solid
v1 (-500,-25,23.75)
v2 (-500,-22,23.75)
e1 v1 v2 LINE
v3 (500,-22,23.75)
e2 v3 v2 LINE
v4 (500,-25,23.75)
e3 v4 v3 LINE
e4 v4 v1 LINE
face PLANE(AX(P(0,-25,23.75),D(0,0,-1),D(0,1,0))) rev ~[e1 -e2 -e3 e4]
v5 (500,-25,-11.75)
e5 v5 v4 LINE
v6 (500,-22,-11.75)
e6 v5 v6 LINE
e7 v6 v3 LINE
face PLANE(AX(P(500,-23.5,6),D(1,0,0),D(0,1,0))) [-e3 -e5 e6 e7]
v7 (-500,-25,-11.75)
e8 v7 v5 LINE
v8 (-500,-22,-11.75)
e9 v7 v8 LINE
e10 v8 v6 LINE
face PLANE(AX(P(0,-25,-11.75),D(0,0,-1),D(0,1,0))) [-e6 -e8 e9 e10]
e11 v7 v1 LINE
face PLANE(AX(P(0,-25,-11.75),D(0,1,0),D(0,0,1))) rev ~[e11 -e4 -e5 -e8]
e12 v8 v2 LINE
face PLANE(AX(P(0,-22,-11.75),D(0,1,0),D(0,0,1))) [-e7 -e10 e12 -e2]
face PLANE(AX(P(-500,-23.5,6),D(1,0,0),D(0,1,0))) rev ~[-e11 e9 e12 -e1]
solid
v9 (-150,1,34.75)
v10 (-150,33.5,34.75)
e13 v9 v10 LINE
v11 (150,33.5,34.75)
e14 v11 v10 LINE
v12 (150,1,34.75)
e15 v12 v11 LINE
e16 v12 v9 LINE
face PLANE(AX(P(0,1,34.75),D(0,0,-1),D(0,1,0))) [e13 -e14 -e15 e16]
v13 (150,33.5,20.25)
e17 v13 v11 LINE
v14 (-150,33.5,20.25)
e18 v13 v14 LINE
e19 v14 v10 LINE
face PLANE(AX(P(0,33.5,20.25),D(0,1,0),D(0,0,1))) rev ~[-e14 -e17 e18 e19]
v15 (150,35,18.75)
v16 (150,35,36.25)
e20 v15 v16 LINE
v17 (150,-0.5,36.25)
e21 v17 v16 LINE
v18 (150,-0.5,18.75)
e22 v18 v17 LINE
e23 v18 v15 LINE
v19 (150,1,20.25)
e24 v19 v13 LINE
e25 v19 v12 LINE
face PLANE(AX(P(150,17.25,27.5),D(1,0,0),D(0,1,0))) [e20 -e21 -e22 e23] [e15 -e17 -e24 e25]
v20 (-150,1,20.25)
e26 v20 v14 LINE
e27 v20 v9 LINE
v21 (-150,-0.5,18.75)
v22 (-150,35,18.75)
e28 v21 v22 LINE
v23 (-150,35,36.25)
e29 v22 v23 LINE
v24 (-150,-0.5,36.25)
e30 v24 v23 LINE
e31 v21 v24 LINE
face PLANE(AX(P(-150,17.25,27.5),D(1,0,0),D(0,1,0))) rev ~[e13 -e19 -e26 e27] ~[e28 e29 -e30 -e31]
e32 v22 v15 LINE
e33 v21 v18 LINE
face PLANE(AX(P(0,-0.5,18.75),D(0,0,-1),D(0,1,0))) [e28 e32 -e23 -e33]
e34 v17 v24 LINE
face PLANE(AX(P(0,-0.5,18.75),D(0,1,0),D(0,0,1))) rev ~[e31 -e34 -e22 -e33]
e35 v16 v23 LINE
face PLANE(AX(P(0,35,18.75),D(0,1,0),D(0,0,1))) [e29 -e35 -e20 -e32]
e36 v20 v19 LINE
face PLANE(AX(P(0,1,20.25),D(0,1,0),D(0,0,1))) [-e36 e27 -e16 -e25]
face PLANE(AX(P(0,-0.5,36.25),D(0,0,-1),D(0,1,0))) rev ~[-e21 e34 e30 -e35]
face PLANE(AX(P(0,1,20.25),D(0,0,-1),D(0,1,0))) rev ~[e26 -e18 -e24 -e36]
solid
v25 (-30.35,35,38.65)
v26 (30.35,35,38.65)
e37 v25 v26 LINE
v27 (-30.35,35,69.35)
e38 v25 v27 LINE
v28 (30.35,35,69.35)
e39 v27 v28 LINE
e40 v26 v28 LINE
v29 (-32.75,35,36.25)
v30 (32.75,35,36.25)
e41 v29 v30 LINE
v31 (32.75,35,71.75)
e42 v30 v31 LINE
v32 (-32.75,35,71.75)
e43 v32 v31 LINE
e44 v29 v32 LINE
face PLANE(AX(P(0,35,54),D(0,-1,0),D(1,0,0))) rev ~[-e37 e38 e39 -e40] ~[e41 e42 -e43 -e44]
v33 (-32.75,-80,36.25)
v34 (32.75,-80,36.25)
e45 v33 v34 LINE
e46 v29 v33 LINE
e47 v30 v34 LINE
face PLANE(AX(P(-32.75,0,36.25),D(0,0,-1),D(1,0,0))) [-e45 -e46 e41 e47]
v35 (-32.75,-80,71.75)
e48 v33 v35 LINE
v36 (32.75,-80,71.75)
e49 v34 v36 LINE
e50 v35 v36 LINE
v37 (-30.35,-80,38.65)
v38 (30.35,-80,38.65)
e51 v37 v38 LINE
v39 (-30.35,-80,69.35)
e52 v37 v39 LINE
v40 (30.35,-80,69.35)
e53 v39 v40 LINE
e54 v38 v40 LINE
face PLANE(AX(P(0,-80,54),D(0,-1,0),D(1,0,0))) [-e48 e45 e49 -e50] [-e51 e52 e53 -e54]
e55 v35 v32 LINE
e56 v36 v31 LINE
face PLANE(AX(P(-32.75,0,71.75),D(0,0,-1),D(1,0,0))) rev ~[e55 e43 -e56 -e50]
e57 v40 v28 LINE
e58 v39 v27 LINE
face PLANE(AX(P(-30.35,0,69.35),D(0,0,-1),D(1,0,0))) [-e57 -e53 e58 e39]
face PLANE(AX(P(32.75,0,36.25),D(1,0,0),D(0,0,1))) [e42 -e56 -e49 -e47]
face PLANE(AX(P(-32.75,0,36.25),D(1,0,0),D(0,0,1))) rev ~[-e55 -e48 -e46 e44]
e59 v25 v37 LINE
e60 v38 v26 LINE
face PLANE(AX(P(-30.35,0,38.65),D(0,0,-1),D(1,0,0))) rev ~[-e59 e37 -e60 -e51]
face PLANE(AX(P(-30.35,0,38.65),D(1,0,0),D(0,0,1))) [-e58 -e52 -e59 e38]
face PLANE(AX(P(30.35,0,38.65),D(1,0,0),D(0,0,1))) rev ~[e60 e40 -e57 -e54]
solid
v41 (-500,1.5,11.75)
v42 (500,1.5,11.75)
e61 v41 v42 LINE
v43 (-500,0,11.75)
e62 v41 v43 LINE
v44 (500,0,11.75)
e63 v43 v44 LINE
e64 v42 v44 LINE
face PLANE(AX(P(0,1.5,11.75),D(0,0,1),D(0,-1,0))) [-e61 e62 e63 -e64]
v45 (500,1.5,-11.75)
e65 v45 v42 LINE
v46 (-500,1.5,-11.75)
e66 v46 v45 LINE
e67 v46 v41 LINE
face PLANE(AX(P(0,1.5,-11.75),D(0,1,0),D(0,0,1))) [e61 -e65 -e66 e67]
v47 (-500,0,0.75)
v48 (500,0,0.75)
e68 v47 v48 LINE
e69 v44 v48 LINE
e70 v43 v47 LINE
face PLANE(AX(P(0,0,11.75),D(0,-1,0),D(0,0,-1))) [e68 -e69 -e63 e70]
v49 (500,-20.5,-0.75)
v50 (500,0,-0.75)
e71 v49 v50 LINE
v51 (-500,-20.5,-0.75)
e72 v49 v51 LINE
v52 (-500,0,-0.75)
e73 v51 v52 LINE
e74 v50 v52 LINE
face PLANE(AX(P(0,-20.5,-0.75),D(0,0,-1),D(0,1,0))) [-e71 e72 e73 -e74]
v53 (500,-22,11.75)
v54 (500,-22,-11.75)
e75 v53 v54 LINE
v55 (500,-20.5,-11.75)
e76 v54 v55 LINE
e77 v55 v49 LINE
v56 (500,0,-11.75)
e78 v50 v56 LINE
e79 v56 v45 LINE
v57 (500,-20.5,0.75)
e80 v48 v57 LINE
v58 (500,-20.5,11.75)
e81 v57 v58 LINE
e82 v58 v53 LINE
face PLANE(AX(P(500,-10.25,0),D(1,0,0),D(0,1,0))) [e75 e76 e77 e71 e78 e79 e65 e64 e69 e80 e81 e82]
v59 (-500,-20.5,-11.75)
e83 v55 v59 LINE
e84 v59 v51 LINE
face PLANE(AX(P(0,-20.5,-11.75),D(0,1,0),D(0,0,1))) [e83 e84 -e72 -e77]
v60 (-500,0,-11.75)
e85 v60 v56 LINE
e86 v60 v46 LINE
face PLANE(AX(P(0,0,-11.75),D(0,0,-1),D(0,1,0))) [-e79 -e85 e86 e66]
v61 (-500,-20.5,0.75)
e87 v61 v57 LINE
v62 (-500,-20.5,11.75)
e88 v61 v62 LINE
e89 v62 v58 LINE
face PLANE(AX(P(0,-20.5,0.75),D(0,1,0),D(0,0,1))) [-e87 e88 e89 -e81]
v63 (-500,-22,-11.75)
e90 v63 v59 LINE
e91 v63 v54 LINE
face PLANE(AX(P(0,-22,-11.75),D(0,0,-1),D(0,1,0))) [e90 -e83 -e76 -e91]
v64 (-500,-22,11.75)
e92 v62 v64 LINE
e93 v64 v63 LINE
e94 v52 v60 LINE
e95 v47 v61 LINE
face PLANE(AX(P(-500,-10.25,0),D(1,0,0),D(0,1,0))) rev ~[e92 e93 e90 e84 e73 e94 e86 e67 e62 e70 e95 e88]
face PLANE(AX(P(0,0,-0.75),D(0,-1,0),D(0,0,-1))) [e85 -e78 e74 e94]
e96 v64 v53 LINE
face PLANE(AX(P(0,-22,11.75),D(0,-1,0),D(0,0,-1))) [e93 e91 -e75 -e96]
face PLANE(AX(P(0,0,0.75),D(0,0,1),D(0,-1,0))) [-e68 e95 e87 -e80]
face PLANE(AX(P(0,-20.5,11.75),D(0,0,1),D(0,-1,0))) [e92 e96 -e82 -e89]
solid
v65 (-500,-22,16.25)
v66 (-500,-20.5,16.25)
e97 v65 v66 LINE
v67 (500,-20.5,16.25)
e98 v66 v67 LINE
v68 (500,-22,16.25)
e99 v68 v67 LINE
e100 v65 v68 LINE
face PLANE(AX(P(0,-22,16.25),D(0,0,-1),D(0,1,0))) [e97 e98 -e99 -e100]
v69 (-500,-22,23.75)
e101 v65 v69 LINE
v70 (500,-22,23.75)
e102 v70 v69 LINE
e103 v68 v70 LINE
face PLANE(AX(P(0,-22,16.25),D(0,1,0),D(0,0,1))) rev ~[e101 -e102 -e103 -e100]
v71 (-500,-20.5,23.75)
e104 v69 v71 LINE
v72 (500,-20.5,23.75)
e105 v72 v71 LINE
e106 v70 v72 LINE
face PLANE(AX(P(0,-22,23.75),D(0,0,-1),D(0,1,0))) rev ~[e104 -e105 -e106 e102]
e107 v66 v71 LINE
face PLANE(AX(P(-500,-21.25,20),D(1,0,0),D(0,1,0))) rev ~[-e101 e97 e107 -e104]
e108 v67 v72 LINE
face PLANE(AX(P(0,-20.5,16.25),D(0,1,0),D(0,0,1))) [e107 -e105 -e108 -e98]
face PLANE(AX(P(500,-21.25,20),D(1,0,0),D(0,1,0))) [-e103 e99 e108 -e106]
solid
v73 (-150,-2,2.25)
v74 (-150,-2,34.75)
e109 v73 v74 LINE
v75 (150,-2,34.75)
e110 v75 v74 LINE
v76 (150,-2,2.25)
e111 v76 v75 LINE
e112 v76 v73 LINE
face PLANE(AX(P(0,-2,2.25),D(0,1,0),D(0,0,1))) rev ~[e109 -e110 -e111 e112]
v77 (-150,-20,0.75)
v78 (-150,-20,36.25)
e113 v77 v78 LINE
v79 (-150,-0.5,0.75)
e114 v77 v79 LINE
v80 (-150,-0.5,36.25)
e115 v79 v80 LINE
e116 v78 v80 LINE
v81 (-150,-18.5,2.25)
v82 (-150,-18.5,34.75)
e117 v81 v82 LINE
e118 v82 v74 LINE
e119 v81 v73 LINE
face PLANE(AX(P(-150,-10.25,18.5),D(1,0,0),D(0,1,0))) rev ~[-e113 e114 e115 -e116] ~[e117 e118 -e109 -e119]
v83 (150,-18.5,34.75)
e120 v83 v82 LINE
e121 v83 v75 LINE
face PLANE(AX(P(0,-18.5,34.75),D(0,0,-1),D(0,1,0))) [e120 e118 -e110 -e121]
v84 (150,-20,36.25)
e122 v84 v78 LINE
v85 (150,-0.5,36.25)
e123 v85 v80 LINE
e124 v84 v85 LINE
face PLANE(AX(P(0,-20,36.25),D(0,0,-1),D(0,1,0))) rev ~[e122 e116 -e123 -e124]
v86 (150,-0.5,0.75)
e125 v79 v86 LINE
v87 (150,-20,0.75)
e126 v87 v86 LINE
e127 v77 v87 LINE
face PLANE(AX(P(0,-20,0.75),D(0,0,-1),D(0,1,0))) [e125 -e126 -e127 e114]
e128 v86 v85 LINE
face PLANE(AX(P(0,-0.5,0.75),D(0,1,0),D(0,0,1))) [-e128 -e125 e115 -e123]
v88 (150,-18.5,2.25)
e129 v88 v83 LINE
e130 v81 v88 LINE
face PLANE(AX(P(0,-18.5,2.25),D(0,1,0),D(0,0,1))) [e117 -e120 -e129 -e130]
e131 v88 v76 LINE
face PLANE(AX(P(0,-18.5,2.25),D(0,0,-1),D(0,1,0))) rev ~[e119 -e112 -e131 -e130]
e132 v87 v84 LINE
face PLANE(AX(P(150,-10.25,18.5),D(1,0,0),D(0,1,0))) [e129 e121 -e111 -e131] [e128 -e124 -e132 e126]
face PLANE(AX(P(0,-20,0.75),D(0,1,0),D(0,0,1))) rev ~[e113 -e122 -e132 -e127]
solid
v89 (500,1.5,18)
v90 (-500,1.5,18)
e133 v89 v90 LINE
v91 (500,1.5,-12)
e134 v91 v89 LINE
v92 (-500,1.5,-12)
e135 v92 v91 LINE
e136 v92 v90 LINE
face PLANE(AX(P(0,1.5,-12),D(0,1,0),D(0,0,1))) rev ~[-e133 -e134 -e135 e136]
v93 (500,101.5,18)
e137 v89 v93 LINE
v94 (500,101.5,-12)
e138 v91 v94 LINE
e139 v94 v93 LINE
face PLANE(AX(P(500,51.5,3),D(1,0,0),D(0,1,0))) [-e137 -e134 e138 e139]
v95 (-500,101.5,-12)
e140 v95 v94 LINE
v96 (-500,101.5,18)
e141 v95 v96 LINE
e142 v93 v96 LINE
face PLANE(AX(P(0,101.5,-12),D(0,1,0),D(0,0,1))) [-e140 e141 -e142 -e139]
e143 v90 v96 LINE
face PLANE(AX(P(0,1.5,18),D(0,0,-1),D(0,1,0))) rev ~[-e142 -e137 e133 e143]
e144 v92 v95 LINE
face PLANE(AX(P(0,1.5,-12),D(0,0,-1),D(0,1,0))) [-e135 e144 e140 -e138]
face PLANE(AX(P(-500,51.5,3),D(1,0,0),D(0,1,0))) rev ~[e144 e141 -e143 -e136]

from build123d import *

# Parameters (mm, degrees)
F2_DEPTH       = 500
F3_W           = 19.5
F3_H           = 35.5
F3_W_2         = 16.5
F3_H_2         = 32.5
F4_DEPTH       = 150
F5_W           = 3
F5_H           = 35.5
F6_DEPTH       = 500
F7_W           = 1.5
F7_H           = 7.5
F8_DEPTH       = 500
F9_W           = 35.5
F9_H           = 17.5
F9_W_2         = 32.5
F9_H_2         = 14.5
F10_DEPTH      = 150
F11_W          = 65.5
F11_H          = 35.5
F11_W_2        = 60.7
F11_H_2        = 30.7
F12_DEPTH      = 80
F12_DEPTH_BACK = 35
F0_W           = 100
F0_H           = 30
F13_DEPTH      = 500


with BuildPart() as f2:
    # F1 (on Right) → F2 (new body, symmetric)
    with BuildSketch(Plane.YZ):
        Polygon((0, -0.75), (0, -11.75), (1.5, -11.75), (1.5, 11.75), (0, 11.75), (0, 0.75), (-20.5, 0.75), (-20.5, 11.75), (-22, 11.75), (-22, -11.75), (-20.5, -11.75), (-20.5, -0.75), align=None)
    extrude(amount=F2_DEPTH, both=True)


with BuildPart() as f4:
    # F3 (on Right) → F4 (new body, symmetric)
    with BuildSketch(Plane.YZ):
        with Locations((-10.25, 18.5)):
            Rectangle(F3_W, F3_H)
        with Locations((-10.25, 18.5)):
            Rectangle(F3_W_2, F3_H_2, mode=Mode.SUBTRACT)
    extrude(amount=F4_DEPTH, both=True)


with BuildPart() as f6:
    # F5 (on Right) → F6 (new body, symmetric)
    with BuildSketch(Plane.YZ):
        with Locations((-23.5, 6)):
            Rectangle(F5_W, F5_H)
    extrude(amount=F6_DEPTH, both=True)


with BuildPart() as f8:
    # F7 (on Right) → F8 (new body, symmetric)
    with BuildSketch(Plane.YZ):
        with Locations((-21.25, 20)):
            Rectangle(F7_W, F7_H)
    extrude(amount=F8_DEPTH, both=True)


with BuildPart() as f10:
    # F9 (on Right) → F10 (new body, symmetric)
    with BuildSketch(Plane.YZ):
        with Locations((17.25, 27.5)):
            Rectangle(F9_W, F9_H)
        with Locations((17.25, 27.5)):
            Rectangle(F9_W_2, F9_H_2, mode=Mode.SUBTRACT)
    extrude(amount=F10_DEPTH, both=True)


with BuildPart() as f12:
    # F11 (on Front) → F12 (new body, two sides)
    with BuildSketch(Plane.XZ) as f12_sk:
        with Locations((0, 54)):
            Rectangle(F11_W, F11_H)
        with Locations((0, 54)):
            Rectangle(F11_W_2, F11_H_2, mode=Mode.SUBTRACT)
    extrude(amount=F12_DEPTH)
    extrude(f12_sk.sketch, amount=-F12_DEPTH_BACK)


with BuildPart() as f13:
    # F0 (on Right) → F13 (new body, symmetric)
    with BuildSketch(Plane.YZ):
        with Locations((51.5, 3)):
            Rectangle(F0_W, F0_H)
    extrude(amount=F13_DEPTH, both=True)


solid = Compound([f2.part, f4.part, f6.part, f8.part, f10.part, f12.part, f13.part])
